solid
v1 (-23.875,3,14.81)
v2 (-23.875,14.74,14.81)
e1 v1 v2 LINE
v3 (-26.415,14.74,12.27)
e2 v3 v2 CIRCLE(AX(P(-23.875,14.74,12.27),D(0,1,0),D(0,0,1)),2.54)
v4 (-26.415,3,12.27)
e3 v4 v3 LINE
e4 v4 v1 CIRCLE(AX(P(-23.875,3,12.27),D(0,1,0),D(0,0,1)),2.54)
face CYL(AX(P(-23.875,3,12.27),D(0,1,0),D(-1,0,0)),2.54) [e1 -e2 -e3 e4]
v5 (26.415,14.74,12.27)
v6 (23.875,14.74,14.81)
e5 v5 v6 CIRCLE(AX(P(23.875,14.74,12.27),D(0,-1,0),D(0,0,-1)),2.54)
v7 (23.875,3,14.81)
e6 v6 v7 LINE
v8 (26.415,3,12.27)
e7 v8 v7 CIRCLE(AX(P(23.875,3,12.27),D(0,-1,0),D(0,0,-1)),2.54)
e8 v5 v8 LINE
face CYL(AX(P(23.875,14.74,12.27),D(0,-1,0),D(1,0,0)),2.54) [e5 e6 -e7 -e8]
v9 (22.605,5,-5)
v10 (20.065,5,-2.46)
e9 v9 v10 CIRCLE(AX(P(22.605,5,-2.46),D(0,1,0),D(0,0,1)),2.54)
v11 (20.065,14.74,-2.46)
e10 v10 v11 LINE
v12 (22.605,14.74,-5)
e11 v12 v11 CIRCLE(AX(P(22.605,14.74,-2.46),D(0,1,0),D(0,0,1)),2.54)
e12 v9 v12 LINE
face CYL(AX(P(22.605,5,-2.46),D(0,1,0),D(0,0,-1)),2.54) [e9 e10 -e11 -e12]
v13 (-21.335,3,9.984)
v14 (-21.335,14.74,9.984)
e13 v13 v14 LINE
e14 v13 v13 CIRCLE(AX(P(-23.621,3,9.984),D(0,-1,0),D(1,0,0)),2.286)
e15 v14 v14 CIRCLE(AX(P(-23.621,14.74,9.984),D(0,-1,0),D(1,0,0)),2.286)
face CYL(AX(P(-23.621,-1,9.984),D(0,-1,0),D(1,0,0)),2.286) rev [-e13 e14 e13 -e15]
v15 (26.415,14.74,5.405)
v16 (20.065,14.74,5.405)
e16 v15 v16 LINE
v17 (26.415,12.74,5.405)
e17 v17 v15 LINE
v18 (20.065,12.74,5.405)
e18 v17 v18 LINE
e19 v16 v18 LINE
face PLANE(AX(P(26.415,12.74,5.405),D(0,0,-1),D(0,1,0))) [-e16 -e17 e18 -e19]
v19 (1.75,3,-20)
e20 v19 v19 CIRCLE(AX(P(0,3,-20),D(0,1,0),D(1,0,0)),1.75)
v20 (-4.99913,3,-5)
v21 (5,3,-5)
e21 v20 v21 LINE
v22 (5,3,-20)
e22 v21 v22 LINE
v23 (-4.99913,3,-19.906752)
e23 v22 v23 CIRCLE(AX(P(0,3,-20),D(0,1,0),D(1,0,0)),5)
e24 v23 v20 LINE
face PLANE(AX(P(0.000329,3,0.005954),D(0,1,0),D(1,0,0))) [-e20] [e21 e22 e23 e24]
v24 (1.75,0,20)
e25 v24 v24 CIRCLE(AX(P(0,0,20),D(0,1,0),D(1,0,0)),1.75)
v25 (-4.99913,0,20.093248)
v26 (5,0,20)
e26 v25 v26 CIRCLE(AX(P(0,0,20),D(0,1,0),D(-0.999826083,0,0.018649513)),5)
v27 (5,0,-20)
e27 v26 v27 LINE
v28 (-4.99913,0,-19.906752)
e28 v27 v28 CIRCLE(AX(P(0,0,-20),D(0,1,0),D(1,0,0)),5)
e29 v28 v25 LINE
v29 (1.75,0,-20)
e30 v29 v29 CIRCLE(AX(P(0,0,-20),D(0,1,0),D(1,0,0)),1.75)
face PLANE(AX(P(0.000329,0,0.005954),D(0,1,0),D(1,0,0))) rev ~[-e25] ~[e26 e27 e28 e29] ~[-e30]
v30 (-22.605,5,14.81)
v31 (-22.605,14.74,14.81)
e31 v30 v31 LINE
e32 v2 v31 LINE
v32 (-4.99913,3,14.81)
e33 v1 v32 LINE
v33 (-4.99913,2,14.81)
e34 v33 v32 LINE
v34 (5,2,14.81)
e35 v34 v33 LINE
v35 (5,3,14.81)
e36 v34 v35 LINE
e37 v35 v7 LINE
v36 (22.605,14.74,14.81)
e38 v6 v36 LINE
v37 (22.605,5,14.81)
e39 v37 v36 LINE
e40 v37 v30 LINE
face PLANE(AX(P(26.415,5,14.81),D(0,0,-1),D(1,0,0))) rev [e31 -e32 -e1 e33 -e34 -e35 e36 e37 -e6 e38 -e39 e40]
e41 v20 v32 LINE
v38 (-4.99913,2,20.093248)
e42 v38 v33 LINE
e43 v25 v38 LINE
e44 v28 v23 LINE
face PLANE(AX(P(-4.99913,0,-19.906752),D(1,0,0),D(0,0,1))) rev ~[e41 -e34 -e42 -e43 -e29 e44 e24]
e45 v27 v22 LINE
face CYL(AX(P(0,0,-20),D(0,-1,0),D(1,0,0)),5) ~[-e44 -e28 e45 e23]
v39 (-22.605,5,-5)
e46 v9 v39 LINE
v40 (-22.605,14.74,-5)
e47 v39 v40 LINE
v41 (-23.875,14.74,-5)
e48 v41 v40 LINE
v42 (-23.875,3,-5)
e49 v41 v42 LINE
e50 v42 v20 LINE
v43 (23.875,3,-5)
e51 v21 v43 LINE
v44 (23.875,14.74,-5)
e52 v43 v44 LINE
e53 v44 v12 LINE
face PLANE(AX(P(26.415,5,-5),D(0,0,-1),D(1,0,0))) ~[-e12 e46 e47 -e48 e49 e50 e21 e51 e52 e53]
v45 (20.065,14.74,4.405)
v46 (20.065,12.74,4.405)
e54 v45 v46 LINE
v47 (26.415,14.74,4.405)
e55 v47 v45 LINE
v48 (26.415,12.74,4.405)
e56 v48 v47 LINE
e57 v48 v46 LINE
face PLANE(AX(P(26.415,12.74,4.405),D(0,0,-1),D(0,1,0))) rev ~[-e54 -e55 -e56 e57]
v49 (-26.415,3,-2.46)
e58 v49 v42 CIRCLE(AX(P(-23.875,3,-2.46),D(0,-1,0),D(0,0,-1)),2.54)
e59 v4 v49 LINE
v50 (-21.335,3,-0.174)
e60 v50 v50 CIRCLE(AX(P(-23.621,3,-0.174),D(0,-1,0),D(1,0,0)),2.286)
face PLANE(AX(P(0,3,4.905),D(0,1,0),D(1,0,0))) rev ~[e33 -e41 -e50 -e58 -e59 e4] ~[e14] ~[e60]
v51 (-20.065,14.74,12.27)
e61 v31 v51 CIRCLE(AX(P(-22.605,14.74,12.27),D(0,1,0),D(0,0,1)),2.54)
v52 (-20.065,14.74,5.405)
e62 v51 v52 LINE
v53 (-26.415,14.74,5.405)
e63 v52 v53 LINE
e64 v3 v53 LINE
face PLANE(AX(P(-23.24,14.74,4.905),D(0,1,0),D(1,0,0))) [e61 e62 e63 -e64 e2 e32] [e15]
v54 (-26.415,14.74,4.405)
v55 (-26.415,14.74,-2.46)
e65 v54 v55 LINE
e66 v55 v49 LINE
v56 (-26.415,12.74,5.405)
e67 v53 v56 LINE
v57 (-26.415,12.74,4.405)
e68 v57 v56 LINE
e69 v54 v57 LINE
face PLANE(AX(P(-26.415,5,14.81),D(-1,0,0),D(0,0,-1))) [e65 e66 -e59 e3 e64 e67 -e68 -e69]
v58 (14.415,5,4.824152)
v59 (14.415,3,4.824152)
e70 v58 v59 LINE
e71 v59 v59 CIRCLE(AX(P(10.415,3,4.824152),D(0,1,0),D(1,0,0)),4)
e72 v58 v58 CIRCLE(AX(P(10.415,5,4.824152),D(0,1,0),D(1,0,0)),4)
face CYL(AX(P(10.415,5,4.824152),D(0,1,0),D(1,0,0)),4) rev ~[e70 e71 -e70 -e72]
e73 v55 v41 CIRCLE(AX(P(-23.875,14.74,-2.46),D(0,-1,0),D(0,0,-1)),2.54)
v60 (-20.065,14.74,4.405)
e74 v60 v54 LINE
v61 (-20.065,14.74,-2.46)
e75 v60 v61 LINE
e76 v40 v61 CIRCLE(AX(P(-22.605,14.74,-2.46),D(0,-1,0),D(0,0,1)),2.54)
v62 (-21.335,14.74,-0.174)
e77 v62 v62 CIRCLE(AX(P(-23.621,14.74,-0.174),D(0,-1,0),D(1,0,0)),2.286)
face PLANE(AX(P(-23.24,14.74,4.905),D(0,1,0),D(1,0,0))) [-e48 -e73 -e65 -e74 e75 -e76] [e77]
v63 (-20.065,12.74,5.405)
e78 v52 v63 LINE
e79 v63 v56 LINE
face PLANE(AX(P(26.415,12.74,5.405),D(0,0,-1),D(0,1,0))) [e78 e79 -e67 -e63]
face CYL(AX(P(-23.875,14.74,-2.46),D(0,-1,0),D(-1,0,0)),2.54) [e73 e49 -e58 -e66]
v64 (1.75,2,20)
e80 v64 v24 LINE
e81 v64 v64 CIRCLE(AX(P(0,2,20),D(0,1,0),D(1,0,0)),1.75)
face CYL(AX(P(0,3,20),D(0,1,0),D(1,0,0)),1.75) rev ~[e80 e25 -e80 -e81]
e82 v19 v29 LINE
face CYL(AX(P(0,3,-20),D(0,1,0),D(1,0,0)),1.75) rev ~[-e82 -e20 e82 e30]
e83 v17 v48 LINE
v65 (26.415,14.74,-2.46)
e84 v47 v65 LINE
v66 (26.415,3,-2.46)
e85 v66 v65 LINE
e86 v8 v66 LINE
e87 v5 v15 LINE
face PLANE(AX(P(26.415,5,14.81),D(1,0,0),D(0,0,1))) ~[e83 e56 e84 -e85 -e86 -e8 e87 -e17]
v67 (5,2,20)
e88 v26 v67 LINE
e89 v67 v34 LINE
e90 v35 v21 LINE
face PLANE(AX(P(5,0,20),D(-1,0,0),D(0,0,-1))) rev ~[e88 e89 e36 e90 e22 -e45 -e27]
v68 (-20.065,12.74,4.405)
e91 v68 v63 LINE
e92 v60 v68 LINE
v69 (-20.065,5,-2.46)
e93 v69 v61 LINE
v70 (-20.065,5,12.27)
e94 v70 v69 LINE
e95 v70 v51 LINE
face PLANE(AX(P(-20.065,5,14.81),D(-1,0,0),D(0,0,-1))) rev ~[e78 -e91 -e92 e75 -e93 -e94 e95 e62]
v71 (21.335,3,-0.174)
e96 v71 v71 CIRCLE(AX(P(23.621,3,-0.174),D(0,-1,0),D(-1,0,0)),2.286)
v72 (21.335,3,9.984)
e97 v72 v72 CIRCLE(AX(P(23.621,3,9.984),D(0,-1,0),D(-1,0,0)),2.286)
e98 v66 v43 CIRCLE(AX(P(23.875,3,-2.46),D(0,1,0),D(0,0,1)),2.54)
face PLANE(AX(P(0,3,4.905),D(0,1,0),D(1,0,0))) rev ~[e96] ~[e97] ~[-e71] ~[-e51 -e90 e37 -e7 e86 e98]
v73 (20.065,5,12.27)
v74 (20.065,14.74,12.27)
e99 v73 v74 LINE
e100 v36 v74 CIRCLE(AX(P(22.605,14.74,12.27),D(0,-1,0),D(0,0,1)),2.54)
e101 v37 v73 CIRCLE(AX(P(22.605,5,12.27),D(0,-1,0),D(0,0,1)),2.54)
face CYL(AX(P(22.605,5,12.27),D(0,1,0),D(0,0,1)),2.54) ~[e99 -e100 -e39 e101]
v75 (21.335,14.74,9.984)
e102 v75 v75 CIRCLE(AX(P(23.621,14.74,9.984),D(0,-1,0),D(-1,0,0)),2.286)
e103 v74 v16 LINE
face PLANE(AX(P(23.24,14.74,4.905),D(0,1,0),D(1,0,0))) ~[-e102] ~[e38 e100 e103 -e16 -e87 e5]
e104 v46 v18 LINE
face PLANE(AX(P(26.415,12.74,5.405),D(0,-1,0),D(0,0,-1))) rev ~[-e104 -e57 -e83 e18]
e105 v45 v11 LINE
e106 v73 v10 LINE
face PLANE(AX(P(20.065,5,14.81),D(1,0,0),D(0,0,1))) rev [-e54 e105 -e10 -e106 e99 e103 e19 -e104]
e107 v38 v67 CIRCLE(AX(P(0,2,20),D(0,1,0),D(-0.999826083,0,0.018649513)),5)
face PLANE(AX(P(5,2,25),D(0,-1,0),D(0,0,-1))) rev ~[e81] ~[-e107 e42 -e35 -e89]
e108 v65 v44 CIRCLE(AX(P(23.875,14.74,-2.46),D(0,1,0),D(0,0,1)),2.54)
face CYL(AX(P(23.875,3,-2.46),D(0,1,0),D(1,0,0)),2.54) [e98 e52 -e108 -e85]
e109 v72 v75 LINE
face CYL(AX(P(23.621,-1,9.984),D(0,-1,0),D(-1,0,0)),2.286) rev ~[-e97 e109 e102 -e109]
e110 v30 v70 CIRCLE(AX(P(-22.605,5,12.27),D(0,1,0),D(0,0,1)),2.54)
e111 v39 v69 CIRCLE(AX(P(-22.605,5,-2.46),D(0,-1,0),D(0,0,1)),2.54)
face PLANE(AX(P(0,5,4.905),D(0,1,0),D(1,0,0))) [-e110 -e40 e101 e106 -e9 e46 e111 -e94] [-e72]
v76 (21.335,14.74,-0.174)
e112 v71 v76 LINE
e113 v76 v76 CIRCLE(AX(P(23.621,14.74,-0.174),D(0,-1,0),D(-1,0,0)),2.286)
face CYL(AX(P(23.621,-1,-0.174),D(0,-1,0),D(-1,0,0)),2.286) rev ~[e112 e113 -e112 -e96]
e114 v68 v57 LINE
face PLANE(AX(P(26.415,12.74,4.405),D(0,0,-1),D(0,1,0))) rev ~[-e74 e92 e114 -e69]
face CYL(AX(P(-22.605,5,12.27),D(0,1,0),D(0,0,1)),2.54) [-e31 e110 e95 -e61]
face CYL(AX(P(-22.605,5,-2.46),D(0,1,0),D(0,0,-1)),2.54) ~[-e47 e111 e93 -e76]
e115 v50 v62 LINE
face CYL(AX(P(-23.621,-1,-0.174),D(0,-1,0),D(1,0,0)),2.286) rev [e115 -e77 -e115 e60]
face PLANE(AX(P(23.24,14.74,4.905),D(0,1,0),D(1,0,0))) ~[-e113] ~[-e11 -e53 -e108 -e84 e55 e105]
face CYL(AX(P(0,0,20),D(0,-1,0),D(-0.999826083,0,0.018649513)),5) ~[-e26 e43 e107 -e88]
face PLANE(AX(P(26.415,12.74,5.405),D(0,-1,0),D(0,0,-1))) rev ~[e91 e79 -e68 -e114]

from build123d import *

# Parameters (mm, degrees)
BOSS_EXTRU_1_DEPTH      = 3
ENL_V_MAT_EXTRU_1_REACH = 5
ESQUISSE3_R             = 1.75
ESQUISSE4_W             = 52.83
ESQUISSE4_H             = 19.81
BOSS_EXTRU_2_DEPTH      = 2
ESQUISSE6_W             = 6.35
ESQUISSE6_H             = 19.81
BOSS_EXTRU_3_DEPTH      = 9.74
ENL_V_START             = -6
ESQUISSE5_R             = 2.286
ENL_V_MAT_EXTRU_2_DEPTH = 16.74
ESQUISSE7_R             = 4
ENL_V_MAT_EXTRU_3_DEPTH = 6
ESQUISSE8_W             = 1
ESQUISSE8_H             = 2
ENL_V_MAT_EXTRU_4_DEPTH = 53.83
ESQUISSE9_W             = 10.19
ESQUISSE9_H             = 1
ENL_V_MAT_EXTRU_5_DEPTH = 32.415
CONG_1_R                = 2.54
CONG_2_R                = 2.54


with BuildPart() as part:
    # Esquisse2 → Boss.-Extru.1 (new body)
    with BuildSketch(Plane(origin=(0, 0, 0), x_dir=(1, 0, 0), z_dir=(0, 1, 0))):
        with BuildLine():
            Line((-4.999130413, 19.906752432), (-4.999130413, -20.093247568))
            ThreePointArc((-4.999130413, -20.093247568), (0.046625811, -24.999782599), (5, -20))
            Line((5, -20), (5, 20))
            ThreePointArc((5, 20), (-0.046625811, 24.999782599), (-4.999130413, 19.906752432))
        make_face()
    extrude(amount=BOSS_EXTRU_1_DEPTH)

    # Esquisse3 → Enlèv. mat.-Extru.1 (cut, up to next)
    with BuildSketch(Plane(origin=(0, 3, 0), x_dir=(1, 0, 0), z_dir=(0, 1, 0)), mode=Mode.PRIVATE) as enl_v_mat_extru_1_sk1:
        with Locations((0, 20)):
            Circle(ESQUISSE3_R)
    enl_v_mat_extru_1_tool1 = extrude(enl_v_mat_extru_1_sk1.sketch, amount=-ENL_V_MAT_EXTRU_1_REACH, mode=Mode.PRIVATE) & part.part
    add(enl_v_mat_extru_1_tool1.solids().sort_by_distance((0, 3, -20))[0], mode=Mode.SUBTRACT)
    # Esquisse3 → Enlèv. mat.-Extru.1 (cut, up to next)
    with BuildSketch(Plane(origin=(0, 3, 0), x_dir=(1, 0, 0), z_dir=(0, 1, 0)), mode=Mode.PRIVATE) as enl_v_mat_extru_1_sk2:
        with Locations((0, -20)):
            Circle(ESQUISSE3_R)
    enl_v_mat_extru_1_tool2 = extrude(enl_v_mat_extru_1_sk2.sketch, amount=-ENL_V_MAT_EXTRU_1_REACH, mode=Mode.PRIVATE) & part.part
    add(enl_v_mat_extru_1_tool2.solids().sort_by_distance((0, 3, 20))[0], mode=Mode.SUBTRACT)

    # Esquisse4 → Boss.-Extru.2 (add)
    with BuildSketch(Plane(origin=(0, 3, 0), x_dir=(1, 0, 0), z_dir=(0, 1, 0))):
        with Locations((0, -4.905)):
            Rectangle(ESQUISSE4_W, ESQUISSE4_H)
    extrude(amount=BOSS_EXTRU_2_DEPTH)

    # Esquisse6 → Boss.-Extru.3 (add)
    with BuildSketch(Plane(origin=(0, 5, 0), x_dir=(1, 0, 0), z_dir=(0, 1, 0))):
        with Locations((-23.24, -4.905)):
            Rectangle(ESQUISSE6_W, ESQUISSE6_H)
    boss_extru_3 = extrude(amount=BOSS_EXTRU_3_DEPTH)

    # Esquisse5 → Enlèv. mat.-Extru.2 (cut)
    with BuildSketch(Plane(origin=(0, 5, 0), x_dir=(1, 0, 0), z_dir=(0, 1, 0)).offset(ENL_V_START)):
        with Locations((-23.621, 0.174)):
            Circle(ESQUISSE5_R)
        with Locations((-23.621, -9.984)):
            Circle(ESQUISSE5_R)
    enl_v_mat_extru_2 = extrude(amount=ENL_V_MAT_EXTRU_2_DEPTH, mode=Mode.SUBTRACT)

    # Symétrie1: Boss.-Extru.3, Enlèv. mat.-Extru.2 across plane
    add(boss_extru_3.mirror(Plane(origin=(0, 0, 0), x_dir=(0, 0, 1), z_dir=(1, 0, 0))))
    add(enl_v_mat_extru_2.mirror(Plane(origin=(0, 0, 0), x_dir=(0, 0, 1), z_dir=(1, 0, 0))), mode=Mode.SUBTRACT)

    # Esquisse7 → Enlèv. mat.-Extru.3 (cut, through all)
    with BuildSketch(Plane(origin=(0, 5, 0), x_dir=(1, 0, 0), z_dir=(0, 1, 0))):
        with Locations((10.415, -4.824151883)):
            Circle(ESQUISSE7_R)
    extrude(amount=-ENL_V_MAT_EXTRU_3_DEPTH, mode=Mode.SUBTRACT)

    # Esquisse8 → Enlèv. mat.-Extru.4 (cut, through all)
    with BuildSketch(Plane(origin=(26.415, 0, 0), x_dir=(0, 0, -1), z_dir=(1, 0, 0))):
        with Locations((-4.905, 13.74)):
            Rectangle(ESQUISSE8_W, ESQUISSE8_H)
    extrude(amount=-ENL_V_MAT_EXTRU_4_DEPTH, mode=Mode.SUBTRACT)

    # Esquisse9 → Enlèv. mat.-Extru.5 (cut, through all)
    with BuildSketch(Plane(origin=(5, 0, 0), x_dir=(0, 0, -1), z_dir=(1, 0, 0))):
        with Locations((-19.905, 2.5)):
            Rectangle(ESQUISSE9_W, ESQUISSE9_H)
    extrude(amount=-ENL_V_MAT_EXTRU_5_DEPTH, mode=Mode.SUBTRACT)

    # Congé1
    cong_1_edges = [part.edges().sort_by_distance(p)[0] for p in [
        (-26.415, 8.87, -5),
        (-26.415, 8.87, 14.81),
        (26.415, 8.87, 14.81),
        (26.415, 8.87, -5),
    ]]
    fillet(cong_1_edges, radius=CONG_1_R)

    # Congé2
    cong_2_edges = [part.edges().sort_by_distance(p)[0] for p in [
        (-20.065, 9.87, 14.81),
        (-20.065, 9.87, -5),
        (20.065, 9.87, -5),
        (20.065, 9.87, 14.81),
    ]]
    fillet(cong_2_edges, radius=CONG_2_R)


solid = part.part
